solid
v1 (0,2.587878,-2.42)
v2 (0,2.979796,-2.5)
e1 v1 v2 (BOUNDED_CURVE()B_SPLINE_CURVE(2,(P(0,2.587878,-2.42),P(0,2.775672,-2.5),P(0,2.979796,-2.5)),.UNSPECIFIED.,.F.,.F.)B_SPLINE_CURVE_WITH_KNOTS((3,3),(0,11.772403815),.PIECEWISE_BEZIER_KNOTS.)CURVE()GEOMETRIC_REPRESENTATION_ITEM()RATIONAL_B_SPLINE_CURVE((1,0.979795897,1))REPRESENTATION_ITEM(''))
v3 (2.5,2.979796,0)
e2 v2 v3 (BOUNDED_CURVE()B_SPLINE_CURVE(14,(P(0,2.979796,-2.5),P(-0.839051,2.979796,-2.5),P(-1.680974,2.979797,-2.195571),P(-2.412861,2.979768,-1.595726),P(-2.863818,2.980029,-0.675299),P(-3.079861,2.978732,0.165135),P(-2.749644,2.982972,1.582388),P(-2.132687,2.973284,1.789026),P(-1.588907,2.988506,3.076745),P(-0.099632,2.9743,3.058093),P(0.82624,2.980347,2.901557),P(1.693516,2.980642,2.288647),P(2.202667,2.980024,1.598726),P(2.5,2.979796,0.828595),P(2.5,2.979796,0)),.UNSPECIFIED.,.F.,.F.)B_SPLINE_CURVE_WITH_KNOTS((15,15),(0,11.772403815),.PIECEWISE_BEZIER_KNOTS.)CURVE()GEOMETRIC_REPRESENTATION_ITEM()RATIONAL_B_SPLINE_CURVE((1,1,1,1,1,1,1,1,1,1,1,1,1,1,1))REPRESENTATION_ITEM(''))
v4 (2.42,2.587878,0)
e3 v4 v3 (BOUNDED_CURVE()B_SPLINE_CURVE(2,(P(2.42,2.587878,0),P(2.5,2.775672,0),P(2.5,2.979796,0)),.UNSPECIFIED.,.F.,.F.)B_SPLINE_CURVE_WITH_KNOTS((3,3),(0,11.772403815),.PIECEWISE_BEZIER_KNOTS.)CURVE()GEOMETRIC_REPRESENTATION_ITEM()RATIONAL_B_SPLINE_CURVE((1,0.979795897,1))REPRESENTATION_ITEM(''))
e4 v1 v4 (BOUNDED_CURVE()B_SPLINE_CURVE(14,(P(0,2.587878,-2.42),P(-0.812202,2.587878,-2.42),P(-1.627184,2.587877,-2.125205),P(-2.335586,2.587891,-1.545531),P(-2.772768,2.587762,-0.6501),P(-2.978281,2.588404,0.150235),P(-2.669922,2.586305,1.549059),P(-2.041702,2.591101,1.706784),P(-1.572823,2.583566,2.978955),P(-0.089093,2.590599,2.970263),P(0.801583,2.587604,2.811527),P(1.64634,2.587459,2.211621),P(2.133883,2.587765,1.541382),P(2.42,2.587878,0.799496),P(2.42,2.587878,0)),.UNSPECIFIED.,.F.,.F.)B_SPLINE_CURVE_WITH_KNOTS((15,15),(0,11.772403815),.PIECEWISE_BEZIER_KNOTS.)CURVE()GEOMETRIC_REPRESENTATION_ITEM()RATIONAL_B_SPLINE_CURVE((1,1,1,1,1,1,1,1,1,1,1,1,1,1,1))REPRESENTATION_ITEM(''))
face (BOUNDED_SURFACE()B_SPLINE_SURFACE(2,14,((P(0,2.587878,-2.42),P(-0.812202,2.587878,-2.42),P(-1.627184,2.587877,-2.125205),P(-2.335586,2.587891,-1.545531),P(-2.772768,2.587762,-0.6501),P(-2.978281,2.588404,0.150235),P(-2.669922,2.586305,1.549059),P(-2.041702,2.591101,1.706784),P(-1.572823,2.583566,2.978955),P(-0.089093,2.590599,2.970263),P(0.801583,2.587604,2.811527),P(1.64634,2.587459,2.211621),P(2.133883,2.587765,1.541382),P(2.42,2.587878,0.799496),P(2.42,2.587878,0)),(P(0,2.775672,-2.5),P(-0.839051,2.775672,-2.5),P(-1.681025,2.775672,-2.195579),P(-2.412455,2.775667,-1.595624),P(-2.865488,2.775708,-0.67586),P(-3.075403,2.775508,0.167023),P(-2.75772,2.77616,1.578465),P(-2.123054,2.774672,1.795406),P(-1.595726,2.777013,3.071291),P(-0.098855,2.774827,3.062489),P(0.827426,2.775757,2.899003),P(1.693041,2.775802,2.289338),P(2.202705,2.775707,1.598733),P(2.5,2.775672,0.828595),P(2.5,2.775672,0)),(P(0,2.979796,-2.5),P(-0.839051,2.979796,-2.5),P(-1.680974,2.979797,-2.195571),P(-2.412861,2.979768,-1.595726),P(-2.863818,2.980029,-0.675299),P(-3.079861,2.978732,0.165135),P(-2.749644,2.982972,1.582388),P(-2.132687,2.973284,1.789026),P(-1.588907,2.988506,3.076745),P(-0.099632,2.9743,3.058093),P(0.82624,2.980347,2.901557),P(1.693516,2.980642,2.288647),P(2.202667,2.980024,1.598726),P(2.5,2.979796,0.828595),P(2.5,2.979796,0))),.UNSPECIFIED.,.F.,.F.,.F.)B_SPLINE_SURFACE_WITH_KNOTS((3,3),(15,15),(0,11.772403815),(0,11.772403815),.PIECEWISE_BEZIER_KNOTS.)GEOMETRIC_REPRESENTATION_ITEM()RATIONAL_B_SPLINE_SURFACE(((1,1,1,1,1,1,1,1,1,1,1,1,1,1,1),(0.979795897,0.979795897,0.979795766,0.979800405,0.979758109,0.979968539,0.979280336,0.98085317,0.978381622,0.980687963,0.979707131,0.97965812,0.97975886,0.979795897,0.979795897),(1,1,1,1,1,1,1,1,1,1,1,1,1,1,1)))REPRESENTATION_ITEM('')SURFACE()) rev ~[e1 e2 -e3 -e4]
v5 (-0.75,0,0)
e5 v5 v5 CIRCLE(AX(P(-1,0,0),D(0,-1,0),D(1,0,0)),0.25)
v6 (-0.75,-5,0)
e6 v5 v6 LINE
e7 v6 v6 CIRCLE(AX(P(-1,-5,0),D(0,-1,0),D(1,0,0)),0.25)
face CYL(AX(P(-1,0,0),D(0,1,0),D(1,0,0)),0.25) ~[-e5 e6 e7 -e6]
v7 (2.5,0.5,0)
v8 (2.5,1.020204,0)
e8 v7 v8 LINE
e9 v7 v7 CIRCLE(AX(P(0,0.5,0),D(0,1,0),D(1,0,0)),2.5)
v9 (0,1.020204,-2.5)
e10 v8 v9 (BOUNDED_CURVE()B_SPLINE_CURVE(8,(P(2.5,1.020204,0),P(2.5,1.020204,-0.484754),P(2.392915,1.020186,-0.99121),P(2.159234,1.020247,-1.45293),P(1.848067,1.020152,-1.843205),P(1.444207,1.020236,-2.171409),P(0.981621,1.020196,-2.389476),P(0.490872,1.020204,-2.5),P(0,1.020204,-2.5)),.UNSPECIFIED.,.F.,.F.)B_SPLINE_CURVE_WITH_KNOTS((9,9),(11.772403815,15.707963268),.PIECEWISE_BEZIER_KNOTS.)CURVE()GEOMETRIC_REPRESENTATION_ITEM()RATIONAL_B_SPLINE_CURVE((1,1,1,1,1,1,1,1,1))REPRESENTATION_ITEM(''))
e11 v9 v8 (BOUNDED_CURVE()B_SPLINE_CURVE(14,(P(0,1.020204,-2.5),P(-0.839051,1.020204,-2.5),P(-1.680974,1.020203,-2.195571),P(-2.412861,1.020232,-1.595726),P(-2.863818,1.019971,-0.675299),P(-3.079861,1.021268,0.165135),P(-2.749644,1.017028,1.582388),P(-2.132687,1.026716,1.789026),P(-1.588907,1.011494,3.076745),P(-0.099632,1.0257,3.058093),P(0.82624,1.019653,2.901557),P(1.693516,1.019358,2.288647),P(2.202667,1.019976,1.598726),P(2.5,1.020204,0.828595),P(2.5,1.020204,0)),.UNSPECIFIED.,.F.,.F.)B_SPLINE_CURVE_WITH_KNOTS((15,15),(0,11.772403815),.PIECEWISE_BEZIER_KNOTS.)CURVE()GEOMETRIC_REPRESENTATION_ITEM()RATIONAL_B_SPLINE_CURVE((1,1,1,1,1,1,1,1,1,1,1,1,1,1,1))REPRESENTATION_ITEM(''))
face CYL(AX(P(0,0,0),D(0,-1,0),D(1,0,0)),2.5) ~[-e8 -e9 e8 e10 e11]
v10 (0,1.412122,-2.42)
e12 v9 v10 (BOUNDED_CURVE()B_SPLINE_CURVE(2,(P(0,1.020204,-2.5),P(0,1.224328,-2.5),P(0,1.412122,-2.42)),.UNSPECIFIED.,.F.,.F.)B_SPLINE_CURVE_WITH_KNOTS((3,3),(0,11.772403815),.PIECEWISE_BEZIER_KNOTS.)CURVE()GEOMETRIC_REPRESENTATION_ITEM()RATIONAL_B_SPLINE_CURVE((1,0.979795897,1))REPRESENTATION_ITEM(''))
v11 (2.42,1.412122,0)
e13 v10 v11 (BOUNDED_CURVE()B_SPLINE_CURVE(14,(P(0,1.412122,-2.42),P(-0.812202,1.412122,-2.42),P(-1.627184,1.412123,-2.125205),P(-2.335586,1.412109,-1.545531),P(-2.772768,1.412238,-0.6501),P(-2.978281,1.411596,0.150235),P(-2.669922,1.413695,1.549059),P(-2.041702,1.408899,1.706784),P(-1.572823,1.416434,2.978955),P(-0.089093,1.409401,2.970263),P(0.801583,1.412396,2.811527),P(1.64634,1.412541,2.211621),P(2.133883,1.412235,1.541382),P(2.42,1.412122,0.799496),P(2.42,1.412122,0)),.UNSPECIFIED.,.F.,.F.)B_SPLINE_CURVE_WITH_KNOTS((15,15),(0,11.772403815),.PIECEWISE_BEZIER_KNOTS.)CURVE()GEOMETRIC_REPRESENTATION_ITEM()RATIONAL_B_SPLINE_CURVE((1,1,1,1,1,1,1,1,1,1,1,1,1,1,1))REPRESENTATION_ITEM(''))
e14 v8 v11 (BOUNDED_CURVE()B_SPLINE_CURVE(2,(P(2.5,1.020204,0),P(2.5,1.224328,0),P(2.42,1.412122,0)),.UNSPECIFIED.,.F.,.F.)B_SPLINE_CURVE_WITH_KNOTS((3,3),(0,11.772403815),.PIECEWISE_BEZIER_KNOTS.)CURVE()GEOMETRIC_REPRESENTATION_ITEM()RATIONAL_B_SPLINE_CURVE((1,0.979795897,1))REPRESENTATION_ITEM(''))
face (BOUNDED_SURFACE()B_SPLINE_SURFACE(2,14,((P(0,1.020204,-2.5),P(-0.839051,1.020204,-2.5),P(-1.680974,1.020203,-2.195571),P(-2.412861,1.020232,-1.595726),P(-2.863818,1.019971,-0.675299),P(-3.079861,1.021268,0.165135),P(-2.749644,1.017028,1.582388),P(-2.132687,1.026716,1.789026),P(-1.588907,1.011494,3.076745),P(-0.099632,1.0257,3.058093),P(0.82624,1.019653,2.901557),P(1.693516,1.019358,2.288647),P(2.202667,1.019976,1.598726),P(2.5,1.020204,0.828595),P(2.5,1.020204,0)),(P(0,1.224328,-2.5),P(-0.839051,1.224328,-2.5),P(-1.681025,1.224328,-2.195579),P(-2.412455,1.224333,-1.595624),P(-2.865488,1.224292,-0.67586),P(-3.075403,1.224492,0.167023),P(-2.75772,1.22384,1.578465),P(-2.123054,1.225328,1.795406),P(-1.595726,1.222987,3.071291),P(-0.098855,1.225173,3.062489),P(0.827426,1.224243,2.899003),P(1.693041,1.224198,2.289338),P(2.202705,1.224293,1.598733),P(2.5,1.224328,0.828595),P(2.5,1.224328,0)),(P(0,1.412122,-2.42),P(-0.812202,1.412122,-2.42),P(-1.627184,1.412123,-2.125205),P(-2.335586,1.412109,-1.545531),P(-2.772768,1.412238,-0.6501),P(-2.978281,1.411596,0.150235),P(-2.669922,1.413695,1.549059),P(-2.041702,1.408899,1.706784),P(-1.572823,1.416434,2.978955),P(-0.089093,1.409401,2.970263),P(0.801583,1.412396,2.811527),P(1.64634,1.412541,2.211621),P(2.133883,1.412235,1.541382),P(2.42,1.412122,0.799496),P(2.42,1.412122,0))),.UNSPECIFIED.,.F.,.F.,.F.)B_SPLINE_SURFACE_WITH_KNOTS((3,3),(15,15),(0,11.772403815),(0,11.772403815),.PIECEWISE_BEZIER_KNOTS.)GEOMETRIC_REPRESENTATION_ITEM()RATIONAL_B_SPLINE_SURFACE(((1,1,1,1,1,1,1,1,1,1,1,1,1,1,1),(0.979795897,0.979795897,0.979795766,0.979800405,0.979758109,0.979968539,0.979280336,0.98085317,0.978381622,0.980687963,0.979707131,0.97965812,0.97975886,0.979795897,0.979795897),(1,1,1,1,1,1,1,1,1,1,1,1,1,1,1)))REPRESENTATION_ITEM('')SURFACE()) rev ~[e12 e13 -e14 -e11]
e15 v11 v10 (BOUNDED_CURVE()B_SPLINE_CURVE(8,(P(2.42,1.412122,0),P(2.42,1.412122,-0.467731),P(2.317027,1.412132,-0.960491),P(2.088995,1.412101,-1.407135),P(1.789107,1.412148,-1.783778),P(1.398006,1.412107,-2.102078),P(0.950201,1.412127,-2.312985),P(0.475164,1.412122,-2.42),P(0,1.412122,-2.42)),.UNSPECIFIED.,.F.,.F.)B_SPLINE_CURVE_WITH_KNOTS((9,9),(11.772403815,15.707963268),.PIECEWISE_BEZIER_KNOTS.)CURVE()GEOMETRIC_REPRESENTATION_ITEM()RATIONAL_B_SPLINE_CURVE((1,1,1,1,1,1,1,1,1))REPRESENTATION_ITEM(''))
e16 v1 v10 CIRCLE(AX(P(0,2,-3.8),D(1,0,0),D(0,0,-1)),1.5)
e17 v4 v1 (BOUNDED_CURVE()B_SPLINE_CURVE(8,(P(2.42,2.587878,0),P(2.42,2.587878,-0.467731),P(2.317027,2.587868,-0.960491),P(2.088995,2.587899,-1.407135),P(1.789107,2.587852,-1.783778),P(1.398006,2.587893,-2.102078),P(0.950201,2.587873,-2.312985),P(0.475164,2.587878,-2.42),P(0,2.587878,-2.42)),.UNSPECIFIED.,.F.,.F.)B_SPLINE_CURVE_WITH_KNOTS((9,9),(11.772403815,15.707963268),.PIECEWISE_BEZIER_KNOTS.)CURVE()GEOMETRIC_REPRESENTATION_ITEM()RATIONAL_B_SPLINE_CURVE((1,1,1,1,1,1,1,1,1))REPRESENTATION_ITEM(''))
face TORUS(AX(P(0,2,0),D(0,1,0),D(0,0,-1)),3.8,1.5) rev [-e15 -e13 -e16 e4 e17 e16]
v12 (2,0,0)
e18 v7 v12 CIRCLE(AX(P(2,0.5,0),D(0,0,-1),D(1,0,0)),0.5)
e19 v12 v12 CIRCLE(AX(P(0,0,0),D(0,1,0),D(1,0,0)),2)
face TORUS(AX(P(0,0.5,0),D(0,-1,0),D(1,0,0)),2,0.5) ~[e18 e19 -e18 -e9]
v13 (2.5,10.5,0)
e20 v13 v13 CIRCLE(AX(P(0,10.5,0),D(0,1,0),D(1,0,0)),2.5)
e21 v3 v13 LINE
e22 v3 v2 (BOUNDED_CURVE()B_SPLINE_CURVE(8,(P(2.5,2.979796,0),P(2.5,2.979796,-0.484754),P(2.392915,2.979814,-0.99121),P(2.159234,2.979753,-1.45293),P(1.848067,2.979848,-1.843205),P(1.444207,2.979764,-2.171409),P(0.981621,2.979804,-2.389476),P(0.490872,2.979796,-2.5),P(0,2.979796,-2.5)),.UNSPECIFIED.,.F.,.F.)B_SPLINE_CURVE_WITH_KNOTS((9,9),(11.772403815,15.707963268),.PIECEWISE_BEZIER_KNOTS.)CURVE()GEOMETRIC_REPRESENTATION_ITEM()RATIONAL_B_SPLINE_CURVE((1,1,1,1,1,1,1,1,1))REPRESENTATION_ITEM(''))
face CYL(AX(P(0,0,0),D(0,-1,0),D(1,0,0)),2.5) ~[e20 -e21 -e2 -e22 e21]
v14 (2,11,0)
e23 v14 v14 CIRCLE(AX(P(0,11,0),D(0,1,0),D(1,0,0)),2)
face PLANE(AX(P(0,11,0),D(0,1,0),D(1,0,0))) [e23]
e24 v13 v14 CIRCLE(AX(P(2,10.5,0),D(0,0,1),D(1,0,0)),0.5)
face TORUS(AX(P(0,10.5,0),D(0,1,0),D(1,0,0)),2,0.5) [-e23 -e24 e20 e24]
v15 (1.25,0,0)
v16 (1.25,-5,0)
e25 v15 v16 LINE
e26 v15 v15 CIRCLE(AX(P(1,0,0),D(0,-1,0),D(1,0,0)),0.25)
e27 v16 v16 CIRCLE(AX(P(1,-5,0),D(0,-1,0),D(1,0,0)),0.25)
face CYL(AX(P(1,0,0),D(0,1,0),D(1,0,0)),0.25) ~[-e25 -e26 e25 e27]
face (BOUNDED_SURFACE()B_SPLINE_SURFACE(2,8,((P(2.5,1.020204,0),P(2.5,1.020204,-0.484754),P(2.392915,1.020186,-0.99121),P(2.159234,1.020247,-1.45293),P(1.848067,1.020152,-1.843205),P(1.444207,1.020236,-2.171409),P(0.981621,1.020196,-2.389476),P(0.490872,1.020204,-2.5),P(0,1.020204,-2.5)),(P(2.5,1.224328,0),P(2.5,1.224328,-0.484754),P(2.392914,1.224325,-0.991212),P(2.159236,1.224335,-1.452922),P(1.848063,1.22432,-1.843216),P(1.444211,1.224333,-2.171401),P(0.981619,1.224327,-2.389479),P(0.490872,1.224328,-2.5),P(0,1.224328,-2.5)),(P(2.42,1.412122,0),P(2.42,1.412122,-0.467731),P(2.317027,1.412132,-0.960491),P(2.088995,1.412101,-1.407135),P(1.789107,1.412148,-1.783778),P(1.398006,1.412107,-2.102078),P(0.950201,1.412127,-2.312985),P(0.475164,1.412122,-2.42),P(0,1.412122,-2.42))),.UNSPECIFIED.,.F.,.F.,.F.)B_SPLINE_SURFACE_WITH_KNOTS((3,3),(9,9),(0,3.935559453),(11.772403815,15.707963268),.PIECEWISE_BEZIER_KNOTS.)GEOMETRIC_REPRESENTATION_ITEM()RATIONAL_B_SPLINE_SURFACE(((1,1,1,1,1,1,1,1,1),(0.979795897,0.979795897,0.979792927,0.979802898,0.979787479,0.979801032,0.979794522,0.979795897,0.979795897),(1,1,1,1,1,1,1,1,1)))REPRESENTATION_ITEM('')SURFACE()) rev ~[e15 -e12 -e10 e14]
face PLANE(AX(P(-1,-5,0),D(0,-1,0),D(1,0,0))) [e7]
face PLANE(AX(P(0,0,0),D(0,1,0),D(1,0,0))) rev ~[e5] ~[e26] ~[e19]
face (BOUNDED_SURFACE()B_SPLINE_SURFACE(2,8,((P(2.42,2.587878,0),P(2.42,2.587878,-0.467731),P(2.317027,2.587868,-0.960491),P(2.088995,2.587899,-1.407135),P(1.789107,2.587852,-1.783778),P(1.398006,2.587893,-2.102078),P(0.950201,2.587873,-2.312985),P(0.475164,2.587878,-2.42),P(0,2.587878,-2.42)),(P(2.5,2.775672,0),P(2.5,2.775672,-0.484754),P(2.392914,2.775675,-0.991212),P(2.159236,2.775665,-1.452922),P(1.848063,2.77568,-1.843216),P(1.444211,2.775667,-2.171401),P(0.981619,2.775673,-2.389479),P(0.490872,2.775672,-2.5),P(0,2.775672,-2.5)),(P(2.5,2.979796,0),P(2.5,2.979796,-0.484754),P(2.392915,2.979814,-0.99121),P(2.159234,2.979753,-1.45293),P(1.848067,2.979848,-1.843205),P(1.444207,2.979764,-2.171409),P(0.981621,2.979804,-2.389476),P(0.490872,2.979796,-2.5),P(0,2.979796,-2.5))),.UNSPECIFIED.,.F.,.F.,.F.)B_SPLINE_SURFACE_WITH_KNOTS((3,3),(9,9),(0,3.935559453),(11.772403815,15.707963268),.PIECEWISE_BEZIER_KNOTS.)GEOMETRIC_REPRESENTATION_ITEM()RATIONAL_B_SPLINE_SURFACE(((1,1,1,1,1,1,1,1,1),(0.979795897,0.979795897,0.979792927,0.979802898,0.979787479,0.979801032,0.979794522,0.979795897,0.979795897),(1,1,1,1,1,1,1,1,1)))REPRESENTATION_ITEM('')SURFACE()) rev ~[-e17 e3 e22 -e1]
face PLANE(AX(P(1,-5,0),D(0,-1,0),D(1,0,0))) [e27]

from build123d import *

# Parameters (mm, degrees)
SKETCH1_R           = 2.5
BOSS_EXTRUDE1_DEPTH = 11
SKETCH2_R           = 0.25
BOSS_EXTRUDE2_DEPTH = 5
SKETCH3_R           = 1.5
FILLET1_R           = 1
FILLET2_R           = 0.5
FILLET3_R           = 0.5


with BuildPart() as part:
    # Sketch1 → Boss-Extrude1 (new body)
    with BuildSketch(Plane(origin=(0, 0, 0), x_dir=(1, 0, 0), z_dir=(0, 1, 0))):
        Circle(SKETCH1_R)
    extrude(amount=BOSS_EXTRUDE1_DEPTH)

    # Sketch2 → Boss-Extrude2 (add)
    with BuildSketch(Plane.XZ):
        with Locations((1, 0)):
            Circle(SKETCH2_R)
        with Locations((-1, 0)):
            Circle(SKETCH2_R)
    extrude(amount=BOSS_EXTRUDE2_DEPTH)

    # Sketch3 → Cut-Revolve1 (revolve, cut)
    with BuildSketch(Plane(origin=(0, 0, 0), x_dir=(0, 0, -1), z_dir=(1, 0, 0))):
        with Locations((3.8, 2)):
            Circle(SKETCH3_R)
    revolve(axis=Axis((0, 21.78154861, 0), (0, -1, 0)), mode=Mode.SUBTRACT)

    # Fillet1
    fillet1_edges = [part.edges().sort_by_distance(p)[0] for p in [
        (-1.767766953, 2.748331477, 1.767766953),
        (-1.767766953, 1.251668523, 1.767766953),
    ]]
    fillet(fillet1_edges, radius=FILLET1_R)

    # Fillet2
    fillet2_edges = [part.edges().sort_by_distance(p)[0] for p in [
        (-2.5, 11, 0),
    ]]
    fillet(fillet2_edges, radius=FILLET2_R)

    # Fillet3
    fillet3_edges = [part.edges().sort_by_distance(p)[0] for p in [
        (-2.5, 0, 0),
    ]]
    fillet(fillet3_edges, radius=FILLET3_R)


solid = part.part
